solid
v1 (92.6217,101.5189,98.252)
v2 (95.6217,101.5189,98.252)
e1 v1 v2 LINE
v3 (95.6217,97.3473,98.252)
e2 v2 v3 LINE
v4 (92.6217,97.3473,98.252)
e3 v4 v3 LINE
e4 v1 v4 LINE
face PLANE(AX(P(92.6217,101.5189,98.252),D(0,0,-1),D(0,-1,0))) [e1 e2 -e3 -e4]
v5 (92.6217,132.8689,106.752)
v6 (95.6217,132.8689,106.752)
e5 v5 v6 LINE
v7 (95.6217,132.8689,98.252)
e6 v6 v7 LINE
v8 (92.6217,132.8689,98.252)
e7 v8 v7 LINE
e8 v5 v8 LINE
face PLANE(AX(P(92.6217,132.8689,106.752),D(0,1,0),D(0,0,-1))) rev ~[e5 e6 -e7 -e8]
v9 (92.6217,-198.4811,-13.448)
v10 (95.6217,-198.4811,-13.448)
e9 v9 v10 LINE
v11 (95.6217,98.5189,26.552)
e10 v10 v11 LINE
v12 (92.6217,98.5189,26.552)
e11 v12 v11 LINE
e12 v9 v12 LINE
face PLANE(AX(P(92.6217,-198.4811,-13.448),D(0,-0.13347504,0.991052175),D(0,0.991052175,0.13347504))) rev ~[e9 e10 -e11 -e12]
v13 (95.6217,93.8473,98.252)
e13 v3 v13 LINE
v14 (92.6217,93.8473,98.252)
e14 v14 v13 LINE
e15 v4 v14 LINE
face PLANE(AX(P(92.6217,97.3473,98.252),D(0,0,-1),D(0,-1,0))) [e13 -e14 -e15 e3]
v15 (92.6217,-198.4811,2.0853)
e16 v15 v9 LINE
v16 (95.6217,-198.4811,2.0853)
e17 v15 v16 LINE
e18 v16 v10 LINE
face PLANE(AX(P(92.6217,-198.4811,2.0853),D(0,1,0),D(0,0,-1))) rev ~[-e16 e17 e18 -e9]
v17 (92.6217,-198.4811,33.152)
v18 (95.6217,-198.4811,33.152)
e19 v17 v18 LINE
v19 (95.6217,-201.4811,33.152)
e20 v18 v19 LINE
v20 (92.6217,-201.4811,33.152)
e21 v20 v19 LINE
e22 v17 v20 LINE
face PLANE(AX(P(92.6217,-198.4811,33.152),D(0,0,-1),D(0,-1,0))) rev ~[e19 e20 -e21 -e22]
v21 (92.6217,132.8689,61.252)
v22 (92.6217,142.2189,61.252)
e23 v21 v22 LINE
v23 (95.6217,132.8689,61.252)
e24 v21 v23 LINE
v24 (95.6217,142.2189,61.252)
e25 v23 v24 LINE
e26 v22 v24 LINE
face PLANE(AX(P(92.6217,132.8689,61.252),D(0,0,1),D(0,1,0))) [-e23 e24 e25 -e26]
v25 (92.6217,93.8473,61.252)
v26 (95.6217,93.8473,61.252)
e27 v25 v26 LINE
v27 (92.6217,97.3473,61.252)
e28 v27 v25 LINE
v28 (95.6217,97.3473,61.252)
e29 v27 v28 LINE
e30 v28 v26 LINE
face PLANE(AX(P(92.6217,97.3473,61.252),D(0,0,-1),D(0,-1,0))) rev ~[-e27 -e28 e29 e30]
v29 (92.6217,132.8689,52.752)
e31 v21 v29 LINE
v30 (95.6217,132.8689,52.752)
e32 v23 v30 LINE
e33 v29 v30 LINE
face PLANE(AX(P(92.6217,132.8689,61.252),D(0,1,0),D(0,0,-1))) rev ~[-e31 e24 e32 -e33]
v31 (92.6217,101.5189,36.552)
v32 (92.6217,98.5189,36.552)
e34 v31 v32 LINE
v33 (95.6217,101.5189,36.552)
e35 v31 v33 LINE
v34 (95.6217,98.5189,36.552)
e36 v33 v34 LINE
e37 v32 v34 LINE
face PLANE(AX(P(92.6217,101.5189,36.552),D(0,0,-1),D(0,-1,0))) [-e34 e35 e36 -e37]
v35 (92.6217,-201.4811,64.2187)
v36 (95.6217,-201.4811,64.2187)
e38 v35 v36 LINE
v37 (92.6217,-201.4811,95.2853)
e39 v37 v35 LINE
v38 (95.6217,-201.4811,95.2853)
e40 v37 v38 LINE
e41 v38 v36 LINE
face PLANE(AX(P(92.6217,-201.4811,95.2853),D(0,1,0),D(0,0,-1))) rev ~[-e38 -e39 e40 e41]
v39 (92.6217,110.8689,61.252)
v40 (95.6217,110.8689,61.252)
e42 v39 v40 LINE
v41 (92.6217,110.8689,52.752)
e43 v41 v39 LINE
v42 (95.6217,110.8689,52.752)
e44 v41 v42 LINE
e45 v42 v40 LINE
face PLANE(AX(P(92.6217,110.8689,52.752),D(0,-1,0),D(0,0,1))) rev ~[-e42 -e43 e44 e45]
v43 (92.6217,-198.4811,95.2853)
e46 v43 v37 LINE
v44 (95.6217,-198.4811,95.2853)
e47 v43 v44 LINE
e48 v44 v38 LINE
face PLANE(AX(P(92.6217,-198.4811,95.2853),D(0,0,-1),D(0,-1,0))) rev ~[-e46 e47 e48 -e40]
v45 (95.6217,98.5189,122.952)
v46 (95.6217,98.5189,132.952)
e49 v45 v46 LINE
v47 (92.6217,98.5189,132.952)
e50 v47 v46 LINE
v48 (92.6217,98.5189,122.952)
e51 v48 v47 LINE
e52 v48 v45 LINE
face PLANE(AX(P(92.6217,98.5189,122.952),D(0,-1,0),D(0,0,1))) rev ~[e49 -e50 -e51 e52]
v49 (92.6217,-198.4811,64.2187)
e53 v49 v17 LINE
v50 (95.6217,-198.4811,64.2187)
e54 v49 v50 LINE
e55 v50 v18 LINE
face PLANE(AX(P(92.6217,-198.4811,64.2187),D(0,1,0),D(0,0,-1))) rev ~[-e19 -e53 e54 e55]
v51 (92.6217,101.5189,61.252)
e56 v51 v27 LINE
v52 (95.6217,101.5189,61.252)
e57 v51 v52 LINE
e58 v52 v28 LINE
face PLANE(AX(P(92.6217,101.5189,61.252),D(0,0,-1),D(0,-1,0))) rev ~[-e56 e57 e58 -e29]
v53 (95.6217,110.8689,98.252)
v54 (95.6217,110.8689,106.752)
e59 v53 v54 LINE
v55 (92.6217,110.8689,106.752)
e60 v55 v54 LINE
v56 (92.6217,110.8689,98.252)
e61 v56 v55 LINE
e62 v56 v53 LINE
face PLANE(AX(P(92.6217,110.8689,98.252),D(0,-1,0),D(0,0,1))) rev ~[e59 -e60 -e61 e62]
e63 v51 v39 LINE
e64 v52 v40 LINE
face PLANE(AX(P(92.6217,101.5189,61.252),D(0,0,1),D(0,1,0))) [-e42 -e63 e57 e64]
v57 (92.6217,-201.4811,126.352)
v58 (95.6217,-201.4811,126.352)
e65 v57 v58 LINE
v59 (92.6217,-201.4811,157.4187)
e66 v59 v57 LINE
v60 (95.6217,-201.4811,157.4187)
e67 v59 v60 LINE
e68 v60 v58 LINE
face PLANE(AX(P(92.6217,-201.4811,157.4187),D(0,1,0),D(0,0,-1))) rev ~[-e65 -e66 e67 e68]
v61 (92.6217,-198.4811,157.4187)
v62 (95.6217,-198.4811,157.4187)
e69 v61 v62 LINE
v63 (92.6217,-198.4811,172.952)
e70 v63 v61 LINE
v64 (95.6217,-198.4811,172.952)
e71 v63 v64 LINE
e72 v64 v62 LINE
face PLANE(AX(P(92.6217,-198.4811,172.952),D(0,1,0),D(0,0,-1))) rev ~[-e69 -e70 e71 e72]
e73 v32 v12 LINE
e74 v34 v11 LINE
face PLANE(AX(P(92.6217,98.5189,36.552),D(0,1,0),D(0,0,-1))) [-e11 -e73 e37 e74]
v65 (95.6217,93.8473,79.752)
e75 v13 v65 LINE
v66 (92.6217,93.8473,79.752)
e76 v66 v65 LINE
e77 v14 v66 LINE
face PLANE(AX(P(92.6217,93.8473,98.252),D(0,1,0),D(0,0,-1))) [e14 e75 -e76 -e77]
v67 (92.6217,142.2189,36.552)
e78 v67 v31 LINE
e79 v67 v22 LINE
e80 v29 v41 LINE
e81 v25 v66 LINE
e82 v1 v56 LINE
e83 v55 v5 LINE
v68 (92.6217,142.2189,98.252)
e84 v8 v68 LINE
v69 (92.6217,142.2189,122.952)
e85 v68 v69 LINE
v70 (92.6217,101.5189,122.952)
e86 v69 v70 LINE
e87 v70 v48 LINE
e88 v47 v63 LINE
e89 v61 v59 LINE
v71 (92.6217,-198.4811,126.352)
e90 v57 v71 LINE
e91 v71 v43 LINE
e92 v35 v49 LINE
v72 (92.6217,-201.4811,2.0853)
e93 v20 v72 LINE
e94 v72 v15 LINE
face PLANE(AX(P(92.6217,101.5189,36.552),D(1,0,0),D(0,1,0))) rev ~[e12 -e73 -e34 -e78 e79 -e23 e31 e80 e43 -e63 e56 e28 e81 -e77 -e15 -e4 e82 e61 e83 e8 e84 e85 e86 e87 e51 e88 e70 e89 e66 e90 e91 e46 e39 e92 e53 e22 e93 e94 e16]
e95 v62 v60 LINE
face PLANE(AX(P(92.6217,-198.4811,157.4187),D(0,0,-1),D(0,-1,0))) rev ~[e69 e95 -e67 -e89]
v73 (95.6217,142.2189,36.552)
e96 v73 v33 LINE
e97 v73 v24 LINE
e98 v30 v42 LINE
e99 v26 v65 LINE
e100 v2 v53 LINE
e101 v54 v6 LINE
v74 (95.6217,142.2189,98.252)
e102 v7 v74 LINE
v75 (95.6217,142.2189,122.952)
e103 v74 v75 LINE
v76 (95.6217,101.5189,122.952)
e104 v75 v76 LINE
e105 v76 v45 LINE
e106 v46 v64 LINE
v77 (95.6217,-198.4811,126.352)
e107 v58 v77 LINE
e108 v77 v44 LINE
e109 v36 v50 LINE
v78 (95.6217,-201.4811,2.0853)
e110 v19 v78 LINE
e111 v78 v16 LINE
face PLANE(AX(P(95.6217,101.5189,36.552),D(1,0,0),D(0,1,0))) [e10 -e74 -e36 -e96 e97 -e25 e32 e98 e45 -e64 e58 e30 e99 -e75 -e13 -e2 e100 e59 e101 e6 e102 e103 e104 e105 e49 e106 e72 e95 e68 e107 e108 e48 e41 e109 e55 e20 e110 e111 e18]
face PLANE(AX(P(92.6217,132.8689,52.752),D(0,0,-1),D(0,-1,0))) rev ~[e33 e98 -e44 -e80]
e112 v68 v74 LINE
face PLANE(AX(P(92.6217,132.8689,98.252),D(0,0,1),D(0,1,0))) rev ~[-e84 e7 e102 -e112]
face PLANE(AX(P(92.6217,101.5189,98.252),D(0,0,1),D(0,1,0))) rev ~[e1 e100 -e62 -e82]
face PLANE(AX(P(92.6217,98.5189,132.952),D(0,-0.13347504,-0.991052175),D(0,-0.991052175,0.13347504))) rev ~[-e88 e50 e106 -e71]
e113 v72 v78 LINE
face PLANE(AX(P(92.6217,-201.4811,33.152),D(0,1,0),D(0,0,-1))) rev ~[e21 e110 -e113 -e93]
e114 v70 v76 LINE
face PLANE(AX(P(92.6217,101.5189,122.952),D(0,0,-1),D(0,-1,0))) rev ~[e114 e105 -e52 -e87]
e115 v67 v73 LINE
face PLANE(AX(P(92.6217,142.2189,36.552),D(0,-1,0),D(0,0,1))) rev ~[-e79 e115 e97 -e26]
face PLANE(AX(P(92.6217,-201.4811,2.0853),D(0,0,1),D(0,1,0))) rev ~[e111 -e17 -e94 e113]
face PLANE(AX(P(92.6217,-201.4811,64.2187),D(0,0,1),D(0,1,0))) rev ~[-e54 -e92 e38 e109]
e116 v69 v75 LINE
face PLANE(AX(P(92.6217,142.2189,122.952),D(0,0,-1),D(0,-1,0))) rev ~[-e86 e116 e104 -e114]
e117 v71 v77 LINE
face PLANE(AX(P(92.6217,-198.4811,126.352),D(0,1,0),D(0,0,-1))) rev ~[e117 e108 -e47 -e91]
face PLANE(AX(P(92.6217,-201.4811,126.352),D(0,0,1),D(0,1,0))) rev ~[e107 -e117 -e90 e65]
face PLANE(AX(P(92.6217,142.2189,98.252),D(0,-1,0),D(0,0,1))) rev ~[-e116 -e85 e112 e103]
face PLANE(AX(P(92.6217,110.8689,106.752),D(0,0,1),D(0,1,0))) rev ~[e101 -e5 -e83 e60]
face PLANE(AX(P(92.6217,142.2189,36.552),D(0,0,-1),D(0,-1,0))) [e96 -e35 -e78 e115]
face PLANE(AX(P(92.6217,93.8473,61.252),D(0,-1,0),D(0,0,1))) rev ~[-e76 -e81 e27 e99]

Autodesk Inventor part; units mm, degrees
ref_plane "YZ Plane" through (0, 0, 0) normal (1, 0, 0) x (0, 1, 0)
ref_plane "XZ Plane" through (0, 0, 0) normal (0, 1, 0) x (-1, 0, 0)
ref_plane "XY Plane" through (0, 0, 0) normal (0, 0, 1) x (1, 0, 0)
ref_plane "Work Plane1" through (92.6217, 101.5189, 36.552) normal (1, 0, 0) x (0, 1, 0)
ref_plane "Work Plane2" through (89.5017, 946.6624, 79.752) normal (0, 0, 1) x (0.6133, 0.7899, 0)
sketch "Sketch1" plane through (92.6217, 101.5189, 36.552) normal (1, 0, 0) x (0, 1, 0)
  line L0 (31.35, 24.7) -> (31.35, 16.2) projected
  line L1 (31.35, 16.2) -> (9.35, 16.2) projected
  line L2 (9.35, 16.2) -> (9.35, 24.7) projected
  line L3 (0, 24.7) -> (9.35, 24.7) projected
  line L4 (0, 0) -> (0, 24.7) construction
  line L5 (40.7, 0) -> (0, 0) projected
  line L6 (40.7, 0) -> (40.7, 24.7) projected
  line L7 (31.35, 24.7) -> (40.7, 24.7) projected
  line L8 (9.35, 61.7) -> (9.35, 70.2) projected
  line L9 (9.35, 70.2) -> (31.35, 70.2) projected
  line L10 (31.35, 70.2) -> (31.35, 61.7) projected
  line L11 (31.35, 61.7) -> (40.7, 61.7) projected
  line L12 (40.7, 61.7) -> (40.7, 86.4) projected
  line L13 (40.7, 86.4) -> (0, 86.4) projected
  line L14 (0, 86.4) -> (0, 61.7) construction
  line L15 (0, 61.7) -> (9.35, 61.7) projected
  line L16 (-4.1716, 58.2) -> (44.8716, 58.2) projected
  line L17 (-4.1716, 28.2) -> (44.8716, 28.2) projected
  line L18 (-300, 136.4) -> (-300, 120.8667) projected
  line L19 (0, 61.7) -> (-4.1716, 61.7)
  line L20 (-4.1716, 61.7) -> (-7.6716, 61.7)
  line L21 (-7.6716, 61.7) -> (-7.6716, 43.2)
  line L22 (-4.1716, 58.2) -> (-4.1716, 61.7) construction
  line L23 (-372.5743, 43.2) -> (114.4459, 43.2) construction
  line L24 (0, 24.7) -> (-4.1716, 24.7)
  line L25 (-4.1716, 24.7) -> (-7.6716, 24.7)
  line L26 (-7.6716, 24.7) -> (-7.6716, 43.2)
  line L27 (0, 86.4) -> (-3, 86.4)
  line L28 (-3, 86.4) -> (-3, 96.4)
  line L29 (-3, 96.4) -> (-300, 136.4)
  line L30 (0, 0) -> (-3, 0)
  line L31 (-3, 0) -> (-3, -10)
  line L32 (-300, 120.8667) -> (-303, 120.8667) projected
  line L33 (-303, 120.8667) -> (-303, 89.8) projected
  line L34 (-303, 89.8) -> (-300, 89.8) projected
  line L35 (-300, 89.8) -> (-300, 58.7333) projected
  line L36 (-300, 58.7333) -> (-303, 58.7333) projected
  line L37 (-303, 58.7333) -> (-303, 27.6667) projected
  line L38 (-303, 27.6667) -> (-300, 27.6667) projected
  line L39 (-300, 27.6667) -> (-300, -3.4) projected
  line L40 (-300, -3.4) -> (-303, -3.4) projected
  line L41 (-303, -3.4) -> (-303, -34.4667) projected
  line L42 (-303, -34.4667) -> (-300, -34.4667) projected
  line L43 (-300, -34.4667) -> (-300, -50) projected
  line L44 (-300, -50) -> (-3, -10)
  point P0 (-101.5189, -36.552)
  dimension "d2" = 10
  dimension "d4" = 3
extrude "Extrusion1" add sketch "Sketch1" along normal blind 3
sketch "Sketch2" plane through (95.6217, 101.5189, 36.552) normal (1, 0, 0) x (0, 0, -1)
  line L0 (-24.7, 40.7) -> (-24.7, 31.35) projected
  line L1 (-24.7, 31.35) -> (-16.2, 31.35) projected
  line L2 (-16.2, 31.35) -> (-16.2, 9.35) projected
  line L3 (-16.2, 9.35) -> (-24.7, 9.35) projected
  line L4 (-24.7, 9.35) -> (-24.7, -7.6716) projected
  line L5 (-24.7, -7.6716) -> (-61.7, -7.6716) projected
  line L6 (-61.7, -7.6716) -> (-61.7, 9.35) projected
  line L7 (-61.7, 9.35) -> (-70.2, 9.35) projected
  line L8 (-70.2, 9.35) -> (-70.2, 31.35) projected
  line L9 (-70.2, 31.35) -> (-61.7, 31.35) projected
  line L10 (-61.7, 31.35) -> (-61.7, 40.7) projected
  line L11 (-61.7, 40.7) -> (-86.4, 40.7) projected
  line L12 (-86.4, 40.7) -> (-86.4, -3) projected
  line L13 (-86.4, -3) -> (-96.4, -3) projected
  line L14 (-96.4, -3) -> (-136.4, -300) projected
  line L15 (-136.4, -300) -> (-120.8667, -300) projected
  line L16 (-120.8667, -300) -> (-120.8667, -303) projected
  line L17 (-120.8667, -303) -> (-89.8, -303) projected
  line L18 (-89.8, -303) -> (-89.8, -300) projected
  line L19 (-89.8, -300) -> (-58.7333, -300) projected
  line L20 (-58.7333, -300) -> (-58.7333, -303) projected
  line L21 (-58.7333, -303) -> (-27.6667, -303) projected
  line L22 (-27.6667, -303) -> (-27.6667, -300) projected
  line L23 (-27.6667, -300) -> (3.4, -300) projected
  line L24 (3.4, -300) -> (3.4, -303) projected
  line L25 (3.4, -303) -> (34.4667, -303) projected
  line L26 (34.4667, -303) -> (34.4667, -300) projected
  line L27 (34.4667, -300) -> (50, -300) projected
  line L28 (50, -300) -> (10, -3) projected
  line L29 (10, -3) -> (0, -3) projected
  line L30 (0, -3) -> (0, 40.7) projected
  line L31 (0, 40.7) -> (-24.7, 40.7) projected
  point P0 (36.552, -101.5189)
properties part number "Stand 2" material "Wood (Oak)"
